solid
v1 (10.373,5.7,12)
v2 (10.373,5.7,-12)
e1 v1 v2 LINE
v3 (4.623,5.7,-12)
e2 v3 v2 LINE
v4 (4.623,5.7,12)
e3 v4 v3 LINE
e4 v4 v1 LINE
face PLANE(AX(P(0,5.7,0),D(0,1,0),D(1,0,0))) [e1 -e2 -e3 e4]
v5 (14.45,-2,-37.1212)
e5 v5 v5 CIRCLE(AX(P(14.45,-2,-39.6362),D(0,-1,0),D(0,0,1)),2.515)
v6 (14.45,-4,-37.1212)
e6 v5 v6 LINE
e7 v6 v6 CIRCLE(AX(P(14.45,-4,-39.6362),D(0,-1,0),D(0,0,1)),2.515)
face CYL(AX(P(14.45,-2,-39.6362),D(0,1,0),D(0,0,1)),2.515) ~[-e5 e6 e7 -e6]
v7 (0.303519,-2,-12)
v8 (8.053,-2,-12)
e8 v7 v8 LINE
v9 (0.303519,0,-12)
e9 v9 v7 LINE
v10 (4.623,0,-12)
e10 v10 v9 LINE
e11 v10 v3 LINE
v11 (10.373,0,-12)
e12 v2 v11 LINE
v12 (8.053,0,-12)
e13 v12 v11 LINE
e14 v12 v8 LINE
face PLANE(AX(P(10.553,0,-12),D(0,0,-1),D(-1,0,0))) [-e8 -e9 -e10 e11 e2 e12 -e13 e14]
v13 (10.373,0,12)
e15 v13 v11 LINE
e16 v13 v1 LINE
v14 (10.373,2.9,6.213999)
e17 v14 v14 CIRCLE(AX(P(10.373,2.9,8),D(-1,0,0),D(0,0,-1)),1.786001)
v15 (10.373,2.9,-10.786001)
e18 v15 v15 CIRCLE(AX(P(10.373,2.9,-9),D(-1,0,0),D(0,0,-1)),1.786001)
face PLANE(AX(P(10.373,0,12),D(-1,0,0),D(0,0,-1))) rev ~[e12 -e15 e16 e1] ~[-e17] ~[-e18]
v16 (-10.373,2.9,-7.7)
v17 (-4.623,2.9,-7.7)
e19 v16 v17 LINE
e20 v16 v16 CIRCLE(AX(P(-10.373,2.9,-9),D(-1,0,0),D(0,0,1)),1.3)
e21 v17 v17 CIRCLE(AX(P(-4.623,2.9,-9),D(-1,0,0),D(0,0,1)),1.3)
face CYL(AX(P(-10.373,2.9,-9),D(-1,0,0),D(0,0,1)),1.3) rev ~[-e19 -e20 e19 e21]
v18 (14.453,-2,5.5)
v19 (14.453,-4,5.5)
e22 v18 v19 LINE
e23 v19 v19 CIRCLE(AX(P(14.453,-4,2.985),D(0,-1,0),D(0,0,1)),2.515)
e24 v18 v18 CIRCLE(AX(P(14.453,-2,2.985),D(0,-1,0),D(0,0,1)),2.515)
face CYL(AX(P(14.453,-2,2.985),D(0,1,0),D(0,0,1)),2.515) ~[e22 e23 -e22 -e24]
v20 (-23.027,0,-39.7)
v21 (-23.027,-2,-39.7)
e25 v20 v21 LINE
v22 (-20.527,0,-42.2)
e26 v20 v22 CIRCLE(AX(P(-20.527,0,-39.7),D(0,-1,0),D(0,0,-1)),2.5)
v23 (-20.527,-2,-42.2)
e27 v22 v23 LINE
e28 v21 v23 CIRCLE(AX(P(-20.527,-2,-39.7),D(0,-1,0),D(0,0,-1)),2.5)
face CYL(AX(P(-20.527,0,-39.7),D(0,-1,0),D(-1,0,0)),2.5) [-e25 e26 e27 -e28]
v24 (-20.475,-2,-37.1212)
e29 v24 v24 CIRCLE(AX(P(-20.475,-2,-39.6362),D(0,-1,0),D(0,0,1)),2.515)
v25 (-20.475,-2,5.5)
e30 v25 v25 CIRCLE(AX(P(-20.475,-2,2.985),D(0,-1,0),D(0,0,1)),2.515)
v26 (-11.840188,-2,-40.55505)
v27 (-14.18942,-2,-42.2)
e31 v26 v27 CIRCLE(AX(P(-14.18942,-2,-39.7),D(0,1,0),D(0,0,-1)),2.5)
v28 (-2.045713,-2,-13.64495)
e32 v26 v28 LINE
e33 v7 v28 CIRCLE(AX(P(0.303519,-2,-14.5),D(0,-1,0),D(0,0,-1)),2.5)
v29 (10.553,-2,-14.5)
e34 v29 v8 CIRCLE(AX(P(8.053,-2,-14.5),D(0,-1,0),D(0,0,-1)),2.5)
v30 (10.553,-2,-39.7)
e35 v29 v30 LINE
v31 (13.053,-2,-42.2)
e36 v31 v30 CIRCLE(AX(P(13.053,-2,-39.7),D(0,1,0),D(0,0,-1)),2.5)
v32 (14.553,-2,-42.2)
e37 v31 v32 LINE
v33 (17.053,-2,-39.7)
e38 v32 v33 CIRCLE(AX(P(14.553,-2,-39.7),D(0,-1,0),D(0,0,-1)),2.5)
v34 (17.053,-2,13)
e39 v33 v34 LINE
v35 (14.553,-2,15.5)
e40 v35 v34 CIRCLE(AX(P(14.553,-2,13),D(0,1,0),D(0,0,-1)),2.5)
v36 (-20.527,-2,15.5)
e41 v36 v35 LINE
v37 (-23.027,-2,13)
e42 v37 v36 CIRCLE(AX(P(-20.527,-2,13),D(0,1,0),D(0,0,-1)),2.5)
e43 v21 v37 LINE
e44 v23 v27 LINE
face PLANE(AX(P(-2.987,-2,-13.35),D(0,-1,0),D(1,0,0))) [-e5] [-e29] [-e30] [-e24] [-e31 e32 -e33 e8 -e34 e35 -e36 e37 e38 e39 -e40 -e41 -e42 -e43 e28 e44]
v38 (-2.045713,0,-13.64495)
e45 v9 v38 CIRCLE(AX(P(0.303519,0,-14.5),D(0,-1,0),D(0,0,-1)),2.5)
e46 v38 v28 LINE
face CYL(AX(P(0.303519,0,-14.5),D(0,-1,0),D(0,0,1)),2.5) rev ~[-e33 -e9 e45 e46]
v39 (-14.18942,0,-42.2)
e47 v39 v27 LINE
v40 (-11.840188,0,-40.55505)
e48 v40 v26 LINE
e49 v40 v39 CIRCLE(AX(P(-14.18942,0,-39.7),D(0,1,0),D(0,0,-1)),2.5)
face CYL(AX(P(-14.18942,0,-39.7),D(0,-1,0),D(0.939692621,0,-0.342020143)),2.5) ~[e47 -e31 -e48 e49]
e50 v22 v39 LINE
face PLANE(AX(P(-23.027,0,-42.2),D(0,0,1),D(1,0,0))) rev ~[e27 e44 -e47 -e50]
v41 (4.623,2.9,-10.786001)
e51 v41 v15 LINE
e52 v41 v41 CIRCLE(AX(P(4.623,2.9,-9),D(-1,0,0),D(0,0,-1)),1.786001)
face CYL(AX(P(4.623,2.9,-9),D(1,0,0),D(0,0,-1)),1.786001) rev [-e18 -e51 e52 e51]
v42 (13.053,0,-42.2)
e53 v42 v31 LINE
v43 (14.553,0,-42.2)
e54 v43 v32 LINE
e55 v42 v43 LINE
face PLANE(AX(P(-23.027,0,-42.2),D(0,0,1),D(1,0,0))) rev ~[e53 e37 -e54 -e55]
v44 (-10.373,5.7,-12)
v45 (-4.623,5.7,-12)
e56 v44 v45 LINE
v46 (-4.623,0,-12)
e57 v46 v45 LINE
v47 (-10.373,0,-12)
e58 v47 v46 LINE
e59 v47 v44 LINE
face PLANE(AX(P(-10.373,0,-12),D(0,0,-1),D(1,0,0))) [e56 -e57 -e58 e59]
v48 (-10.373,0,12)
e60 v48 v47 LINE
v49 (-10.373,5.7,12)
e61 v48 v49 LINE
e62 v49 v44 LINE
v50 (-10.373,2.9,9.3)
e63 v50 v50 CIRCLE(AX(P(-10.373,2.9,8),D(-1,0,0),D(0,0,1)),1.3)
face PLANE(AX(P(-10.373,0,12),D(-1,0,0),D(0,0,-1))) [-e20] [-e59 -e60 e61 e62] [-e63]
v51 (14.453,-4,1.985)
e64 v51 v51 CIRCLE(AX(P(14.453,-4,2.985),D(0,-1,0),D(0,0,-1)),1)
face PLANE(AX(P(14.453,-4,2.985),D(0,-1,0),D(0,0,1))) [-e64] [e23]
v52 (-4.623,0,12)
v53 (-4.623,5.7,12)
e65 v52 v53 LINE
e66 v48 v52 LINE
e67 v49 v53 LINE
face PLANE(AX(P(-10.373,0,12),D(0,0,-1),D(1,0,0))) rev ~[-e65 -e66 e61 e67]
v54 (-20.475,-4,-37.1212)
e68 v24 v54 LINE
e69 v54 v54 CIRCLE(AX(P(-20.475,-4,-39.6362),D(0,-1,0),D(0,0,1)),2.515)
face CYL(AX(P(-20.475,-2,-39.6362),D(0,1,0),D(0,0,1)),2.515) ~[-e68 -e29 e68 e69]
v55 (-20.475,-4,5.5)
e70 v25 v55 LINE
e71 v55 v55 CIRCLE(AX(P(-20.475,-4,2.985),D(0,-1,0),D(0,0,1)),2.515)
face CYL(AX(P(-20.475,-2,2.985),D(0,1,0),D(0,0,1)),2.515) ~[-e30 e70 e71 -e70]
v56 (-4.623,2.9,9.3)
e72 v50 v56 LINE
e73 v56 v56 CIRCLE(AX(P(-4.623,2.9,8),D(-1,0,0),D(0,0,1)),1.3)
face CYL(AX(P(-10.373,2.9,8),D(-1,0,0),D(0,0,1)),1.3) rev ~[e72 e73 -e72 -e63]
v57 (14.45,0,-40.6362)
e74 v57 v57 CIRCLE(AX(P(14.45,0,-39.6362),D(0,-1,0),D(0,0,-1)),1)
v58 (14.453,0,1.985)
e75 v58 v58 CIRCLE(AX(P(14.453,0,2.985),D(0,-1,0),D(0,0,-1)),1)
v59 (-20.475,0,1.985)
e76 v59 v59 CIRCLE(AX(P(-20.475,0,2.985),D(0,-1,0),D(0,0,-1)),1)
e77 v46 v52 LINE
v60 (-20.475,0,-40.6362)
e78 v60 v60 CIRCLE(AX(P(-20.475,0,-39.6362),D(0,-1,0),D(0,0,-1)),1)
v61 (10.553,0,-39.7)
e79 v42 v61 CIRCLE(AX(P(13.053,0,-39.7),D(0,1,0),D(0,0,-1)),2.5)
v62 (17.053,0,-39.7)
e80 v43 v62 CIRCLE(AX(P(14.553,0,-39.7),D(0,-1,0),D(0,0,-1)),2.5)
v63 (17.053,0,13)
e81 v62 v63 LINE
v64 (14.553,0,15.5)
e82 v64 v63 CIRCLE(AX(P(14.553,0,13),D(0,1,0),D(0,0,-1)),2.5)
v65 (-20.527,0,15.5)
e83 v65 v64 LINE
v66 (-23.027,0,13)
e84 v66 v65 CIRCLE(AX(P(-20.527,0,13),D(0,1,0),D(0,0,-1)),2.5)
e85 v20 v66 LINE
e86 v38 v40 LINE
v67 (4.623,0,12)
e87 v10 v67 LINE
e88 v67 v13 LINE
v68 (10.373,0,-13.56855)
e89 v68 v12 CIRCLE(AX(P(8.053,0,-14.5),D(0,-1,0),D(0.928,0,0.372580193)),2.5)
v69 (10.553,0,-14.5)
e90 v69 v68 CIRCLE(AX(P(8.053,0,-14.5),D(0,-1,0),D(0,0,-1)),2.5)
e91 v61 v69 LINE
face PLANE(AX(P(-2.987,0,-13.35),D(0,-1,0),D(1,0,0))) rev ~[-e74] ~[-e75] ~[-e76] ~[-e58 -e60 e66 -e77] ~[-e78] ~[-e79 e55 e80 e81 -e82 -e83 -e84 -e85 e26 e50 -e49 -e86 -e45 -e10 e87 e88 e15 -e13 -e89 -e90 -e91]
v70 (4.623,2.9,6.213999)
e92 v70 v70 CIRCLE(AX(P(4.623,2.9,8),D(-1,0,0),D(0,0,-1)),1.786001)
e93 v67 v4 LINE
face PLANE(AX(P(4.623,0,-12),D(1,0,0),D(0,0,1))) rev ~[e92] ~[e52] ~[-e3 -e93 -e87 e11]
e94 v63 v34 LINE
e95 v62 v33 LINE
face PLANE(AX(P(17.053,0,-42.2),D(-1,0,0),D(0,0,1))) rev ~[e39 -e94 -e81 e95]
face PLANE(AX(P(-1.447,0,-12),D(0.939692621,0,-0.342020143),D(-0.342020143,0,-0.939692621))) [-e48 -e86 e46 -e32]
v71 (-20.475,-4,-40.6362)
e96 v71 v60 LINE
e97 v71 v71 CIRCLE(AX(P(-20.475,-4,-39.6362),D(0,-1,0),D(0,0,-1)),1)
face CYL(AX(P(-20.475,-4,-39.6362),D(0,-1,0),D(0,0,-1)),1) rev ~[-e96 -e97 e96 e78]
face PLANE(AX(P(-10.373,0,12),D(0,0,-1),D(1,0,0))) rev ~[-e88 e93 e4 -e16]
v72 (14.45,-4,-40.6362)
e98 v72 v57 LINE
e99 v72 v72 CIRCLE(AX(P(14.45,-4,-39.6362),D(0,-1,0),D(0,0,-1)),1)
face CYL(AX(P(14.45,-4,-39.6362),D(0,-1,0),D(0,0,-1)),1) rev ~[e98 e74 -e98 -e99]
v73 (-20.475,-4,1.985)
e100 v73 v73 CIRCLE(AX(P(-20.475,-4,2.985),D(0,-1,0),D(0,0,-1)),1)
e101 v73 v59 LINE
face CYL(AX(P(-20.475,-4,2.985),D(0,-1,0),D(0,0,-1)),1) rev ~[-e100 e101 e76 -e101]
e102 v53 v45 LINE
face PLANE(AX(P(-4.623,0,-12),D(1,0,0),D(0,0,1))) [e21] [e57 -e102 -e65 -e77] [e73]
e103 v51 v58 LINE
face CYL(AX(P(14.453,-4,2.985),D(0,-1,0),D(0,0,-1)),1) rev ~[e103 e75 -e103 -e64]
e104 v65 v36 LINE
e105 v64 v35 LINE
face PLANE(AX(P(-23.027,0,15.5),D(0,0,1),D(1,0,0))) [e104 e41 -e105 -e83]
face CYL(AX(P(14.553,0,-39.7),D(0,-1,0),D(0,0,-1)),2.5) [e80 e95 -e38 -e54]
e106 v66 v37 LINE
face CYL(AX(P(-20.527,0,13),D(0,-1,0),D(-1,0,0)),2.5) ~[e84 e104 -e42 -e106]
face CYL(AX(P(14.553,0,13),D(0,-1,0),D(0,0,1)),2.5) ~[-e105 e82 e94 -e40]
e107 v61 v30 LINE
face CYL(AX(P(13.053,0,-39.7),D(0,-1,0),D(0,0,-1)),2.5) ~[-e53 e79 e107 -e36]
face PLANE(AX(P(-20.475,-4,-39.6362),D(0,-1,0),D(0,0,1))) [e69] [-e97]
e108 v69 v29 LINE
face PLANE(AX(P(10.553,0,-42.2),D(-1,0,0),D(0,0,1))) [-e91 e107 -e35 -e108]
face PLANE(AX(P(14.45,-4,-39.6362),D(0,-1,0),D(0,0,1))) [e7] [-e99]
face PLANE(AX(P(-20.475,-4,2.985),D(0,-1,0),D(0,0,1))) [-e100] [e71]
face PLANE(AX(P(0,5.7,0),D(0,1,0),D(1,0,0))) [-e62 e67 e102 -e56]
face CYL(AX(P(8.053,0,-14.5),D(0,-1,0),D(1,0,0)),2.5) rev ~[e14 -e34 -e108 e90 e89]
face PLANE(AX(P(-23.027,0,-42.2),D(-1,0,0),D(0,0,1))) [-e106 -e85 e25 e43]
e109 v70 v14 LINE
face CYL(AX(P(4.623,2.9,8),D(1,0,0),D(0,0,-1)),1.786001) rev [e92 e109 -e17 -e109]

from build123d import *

# Parameters (mm, degrees)
SKETCH1_W                                = 20.746
SKETCH1_H                                = 24
BOSS_EXTRUDE1_DEPTH                      = 5.7
SKETCH9_W                                = 9.246
SKETCH9_H                                = 24
CUT_EXTRUDE3_DEPTH                       = 17.854943755
F_9_64_0_14063_DIAMETER_HOLE1_AT_2_COUNT = 2
F_9_64_0_14063_DIAMETER_HOLE1_AT_2_PITCH = 17
SKETCH8_R                                = 1.3
CUT_EXTRUDE2_DEPTH                       = 5.75
SKETCH10_W                               = 40.08
SKETCH10_H                               = 57.7
BOSS_EXTRUDE2_DEPTH                      = 2
SKETCH11_R                               = 2.515
BOSS_EXTRUDE3_DEPTH                      = 2
SKETCH12_R                               = 1
CUT_EXTRUDE4_DEPTH                       = 50.042560384
FILLET2_R                                = 2.5
CUT_EXTRUDE5_DEPTH                       = 49.410460946
FILLET3_R                                = 2.5
CUT_EXTRUDE6_DEPTH                       = 5.7


with BuildPart() as part:
    # Sketch1 → Boss-Extrude1 (new body)
    with BuildSketch(Plane(origin=(0, 0, 0), x_dir=(1, 0, 0), z_dir=(0, 1, 0))):
        Rectangle(SKETCH1_W, SKETCH1_H)
    extrude(amount=BOSS_EXTRUDE1_DEPTH)

    # Sketch9 → Cut-Extrude3 (cut, through all)
    with BuildSketch(Plane.XZ):
        Rectangle(SKETCH9_W, SKETCH9_H)
    extrude(amount=-CUT_EXTRUDE3_DEPTH, mode=Mode.SUBTRACT)


with BuildPart() as cut_extrude3_piece_1:
    # of the separate pieces the step leaves, piece 1, a body of its own (cut_extrude3_pieces)
    add(part.part.solids().sort_by_distance((-10.373, 0, -12))[0])

    # Sketch8 → Cut-Extrude2 (cut)
    with BuildSketch(Plane.ZY.offset(10.373)):
        with Locations((8, 2.9)):
            Circle(SKETCH8_R)
        with Locations((-9, 2.9)):
            Circle(SKETCH8_R)
    extrude(amount=-CUT_EXTRUDE2_DEPTH, mode=Mode.SUBTRACT)



with BuildPart() as cut_extrude3_piece_2:
    # of the separate pieces the step leaves, piece 2, a body of its own (cut_extrude3_pieces)
    add(part.part.solids().sort_by_distance((4.623, 0, -12))[0])

    # Sketch7 → 9/64 (0.14063) Diameter Hole1 (revolve, cut)
    with BuildSketch(Plane(origin=(10.373, 2.9, -9), x_dir=(0, 0, -1), z_dir=(0, 1, 0))):
        Polygon((0, 0), (0, 6.823137666), (1.786001, 5.75), (1.786001, 0), align=None)
    f_9_64_0_14063_diameter_hole1 = revolve(axis=Axis((16.723, 2.9, -9), (-1, 0, 0)), mode=Mode.SUBTRACT)

    # 9/64 (0.14063) Diameter Hole1 at 2: 9/64 (0.14063) Diameter Hole1 ×2
    with Locations(*[(0, 0, i * F_9_64_0_14063_DIAMETER_HOLE1_AT_2_PITCH) for i in range(1, F_9_64_0_14063_DIAMETER_HOLE1_AT_2_COUNT)]):
        add(f_9_64_0_14063_diameter_hole1, mode=Mode.SUBTRACT)


with BuildPart() as cut_extrude3_piece_1_1:
    add(cut_extrude3_piece_1.part)

    add(cut_extrude3_piece_2.part)  # Boss-Extrude2 merges Cut-Extrude3 piece 2
    # Sketch10 → Boss-Extrude2 (add)
    with BuildSketch(Plane.XZ):
        with Locations((-2.987, -13.35)):
            Rectangle(SKETCH10_W, SKETCH10_H)
    extrude(amount=BOSS_EXTRUDE2_DEPTH)

    # Sketch11 → Boss-Extrude3 (add)
    with BuildSketch(Plane.XZ.offset(2)):
        with Locations(Location((14.453, 2.985, 0), (0, 0, 90))):
            Circle(SKETCH11_R)
        with Locations(Location((-20.475, 2.985, 0), (0, 0, 90))):
            Circle(SKETCH11_R)
        with Locations(Location((14.45, -39.6362, 0), (0, 0, 90))):
            Circle(SKETCH11_R)
        with Locations(Location((-20.475, -39.6362, 0), (0, 0, 90))):
            Circle(SKETCH11_R)
    extrude(amount=BOSS_EXTRUDE3_DEPTH)

    # Sketch12 → Cut-Extrude4 (cut, through all)
    with BuildSketch(Plane.XZ.offset(4)):
        with Locations(Location((14.453, 2.985, 0), (0, 0, 270))):
            Circle(SKETCH12_R)
        with Locations(Location((-20.475, 2.985, 0), (0, 0, 270))):
            Circle(SKETCH12_R)
        with Locations(Location((-20.475, -39.6362, 0), (0, 0, 270))):
            Circle(SKETCH12_R)
        with Locations(Location((14.45, -39.6362, 0), (0, 0, 270))):
            Circle(SKETCH12_R)
    extrude(amount=-CUT_EXTRUDE4_DEPTH, mode=Mode.SUBTRACT)

    # Fillet2
    fillet2_edges = [cut_extrude3_piece_1_1.edges().sort_by_distance(p)[0] for p in [
        (17.053, -1, -42.2),
        (17.053, -1, 15.5),
        (-23.027, -1, 15.5),
        (-23.027, -1, -42.2),
    ]]
    fillet(fillet2_edges, radius=FILLET2_R)

    # Sketch14 → Cut-Extrude5 (cut, through all)
    with BuildSketch(Plane(origin=(0, 0, 0), x_dir=(1, 0, 0), z_dir=(0, 1, 0))):
        Polygon((10.553, 42.2), (10.553, 12), (-1.447, 12), (-12.438901075, 42.2), align=None)
    extrude(amount=-CUT_EXTRUDE5_DEPTH, mode=Mode.SUBTRACT)

    # Fillet3
    fillet3_edges = [cut_extrude3_piece_1_1.edges().sort_by_distance(p)[0] for p in [
        (10.553, -1, -12),
        (-1.447, -1, -12),
        (10.553, -1, -42.2),
        (-12.438901075, -1, -42.2),
    ]]
    fillet(fillet3_edges, radius=FILLET3_R)

    # Sketch15 → Cut-Extrude6 (cut)
    with BuildSketch(Plane(origin=(0, 5.7, 0), x_dir=(1, 0, 0), z_dir=(0, 1, 0))):
        with BuildLine():
            Line((8.053, 12), (10.373, 12))
            Line((10.373, 12), (10.373, 13.568549518))
            ThreePointArc((10.373, 13.568549518), (9.453245299, 12.428934308), (8.053, 12))
        make_face()
    extrude(amount=-CUT_EXTRUDE6_DEPTH, mode=Mode.SUBTRACT)


solid = cut_extrude3_piece_1_1.part
